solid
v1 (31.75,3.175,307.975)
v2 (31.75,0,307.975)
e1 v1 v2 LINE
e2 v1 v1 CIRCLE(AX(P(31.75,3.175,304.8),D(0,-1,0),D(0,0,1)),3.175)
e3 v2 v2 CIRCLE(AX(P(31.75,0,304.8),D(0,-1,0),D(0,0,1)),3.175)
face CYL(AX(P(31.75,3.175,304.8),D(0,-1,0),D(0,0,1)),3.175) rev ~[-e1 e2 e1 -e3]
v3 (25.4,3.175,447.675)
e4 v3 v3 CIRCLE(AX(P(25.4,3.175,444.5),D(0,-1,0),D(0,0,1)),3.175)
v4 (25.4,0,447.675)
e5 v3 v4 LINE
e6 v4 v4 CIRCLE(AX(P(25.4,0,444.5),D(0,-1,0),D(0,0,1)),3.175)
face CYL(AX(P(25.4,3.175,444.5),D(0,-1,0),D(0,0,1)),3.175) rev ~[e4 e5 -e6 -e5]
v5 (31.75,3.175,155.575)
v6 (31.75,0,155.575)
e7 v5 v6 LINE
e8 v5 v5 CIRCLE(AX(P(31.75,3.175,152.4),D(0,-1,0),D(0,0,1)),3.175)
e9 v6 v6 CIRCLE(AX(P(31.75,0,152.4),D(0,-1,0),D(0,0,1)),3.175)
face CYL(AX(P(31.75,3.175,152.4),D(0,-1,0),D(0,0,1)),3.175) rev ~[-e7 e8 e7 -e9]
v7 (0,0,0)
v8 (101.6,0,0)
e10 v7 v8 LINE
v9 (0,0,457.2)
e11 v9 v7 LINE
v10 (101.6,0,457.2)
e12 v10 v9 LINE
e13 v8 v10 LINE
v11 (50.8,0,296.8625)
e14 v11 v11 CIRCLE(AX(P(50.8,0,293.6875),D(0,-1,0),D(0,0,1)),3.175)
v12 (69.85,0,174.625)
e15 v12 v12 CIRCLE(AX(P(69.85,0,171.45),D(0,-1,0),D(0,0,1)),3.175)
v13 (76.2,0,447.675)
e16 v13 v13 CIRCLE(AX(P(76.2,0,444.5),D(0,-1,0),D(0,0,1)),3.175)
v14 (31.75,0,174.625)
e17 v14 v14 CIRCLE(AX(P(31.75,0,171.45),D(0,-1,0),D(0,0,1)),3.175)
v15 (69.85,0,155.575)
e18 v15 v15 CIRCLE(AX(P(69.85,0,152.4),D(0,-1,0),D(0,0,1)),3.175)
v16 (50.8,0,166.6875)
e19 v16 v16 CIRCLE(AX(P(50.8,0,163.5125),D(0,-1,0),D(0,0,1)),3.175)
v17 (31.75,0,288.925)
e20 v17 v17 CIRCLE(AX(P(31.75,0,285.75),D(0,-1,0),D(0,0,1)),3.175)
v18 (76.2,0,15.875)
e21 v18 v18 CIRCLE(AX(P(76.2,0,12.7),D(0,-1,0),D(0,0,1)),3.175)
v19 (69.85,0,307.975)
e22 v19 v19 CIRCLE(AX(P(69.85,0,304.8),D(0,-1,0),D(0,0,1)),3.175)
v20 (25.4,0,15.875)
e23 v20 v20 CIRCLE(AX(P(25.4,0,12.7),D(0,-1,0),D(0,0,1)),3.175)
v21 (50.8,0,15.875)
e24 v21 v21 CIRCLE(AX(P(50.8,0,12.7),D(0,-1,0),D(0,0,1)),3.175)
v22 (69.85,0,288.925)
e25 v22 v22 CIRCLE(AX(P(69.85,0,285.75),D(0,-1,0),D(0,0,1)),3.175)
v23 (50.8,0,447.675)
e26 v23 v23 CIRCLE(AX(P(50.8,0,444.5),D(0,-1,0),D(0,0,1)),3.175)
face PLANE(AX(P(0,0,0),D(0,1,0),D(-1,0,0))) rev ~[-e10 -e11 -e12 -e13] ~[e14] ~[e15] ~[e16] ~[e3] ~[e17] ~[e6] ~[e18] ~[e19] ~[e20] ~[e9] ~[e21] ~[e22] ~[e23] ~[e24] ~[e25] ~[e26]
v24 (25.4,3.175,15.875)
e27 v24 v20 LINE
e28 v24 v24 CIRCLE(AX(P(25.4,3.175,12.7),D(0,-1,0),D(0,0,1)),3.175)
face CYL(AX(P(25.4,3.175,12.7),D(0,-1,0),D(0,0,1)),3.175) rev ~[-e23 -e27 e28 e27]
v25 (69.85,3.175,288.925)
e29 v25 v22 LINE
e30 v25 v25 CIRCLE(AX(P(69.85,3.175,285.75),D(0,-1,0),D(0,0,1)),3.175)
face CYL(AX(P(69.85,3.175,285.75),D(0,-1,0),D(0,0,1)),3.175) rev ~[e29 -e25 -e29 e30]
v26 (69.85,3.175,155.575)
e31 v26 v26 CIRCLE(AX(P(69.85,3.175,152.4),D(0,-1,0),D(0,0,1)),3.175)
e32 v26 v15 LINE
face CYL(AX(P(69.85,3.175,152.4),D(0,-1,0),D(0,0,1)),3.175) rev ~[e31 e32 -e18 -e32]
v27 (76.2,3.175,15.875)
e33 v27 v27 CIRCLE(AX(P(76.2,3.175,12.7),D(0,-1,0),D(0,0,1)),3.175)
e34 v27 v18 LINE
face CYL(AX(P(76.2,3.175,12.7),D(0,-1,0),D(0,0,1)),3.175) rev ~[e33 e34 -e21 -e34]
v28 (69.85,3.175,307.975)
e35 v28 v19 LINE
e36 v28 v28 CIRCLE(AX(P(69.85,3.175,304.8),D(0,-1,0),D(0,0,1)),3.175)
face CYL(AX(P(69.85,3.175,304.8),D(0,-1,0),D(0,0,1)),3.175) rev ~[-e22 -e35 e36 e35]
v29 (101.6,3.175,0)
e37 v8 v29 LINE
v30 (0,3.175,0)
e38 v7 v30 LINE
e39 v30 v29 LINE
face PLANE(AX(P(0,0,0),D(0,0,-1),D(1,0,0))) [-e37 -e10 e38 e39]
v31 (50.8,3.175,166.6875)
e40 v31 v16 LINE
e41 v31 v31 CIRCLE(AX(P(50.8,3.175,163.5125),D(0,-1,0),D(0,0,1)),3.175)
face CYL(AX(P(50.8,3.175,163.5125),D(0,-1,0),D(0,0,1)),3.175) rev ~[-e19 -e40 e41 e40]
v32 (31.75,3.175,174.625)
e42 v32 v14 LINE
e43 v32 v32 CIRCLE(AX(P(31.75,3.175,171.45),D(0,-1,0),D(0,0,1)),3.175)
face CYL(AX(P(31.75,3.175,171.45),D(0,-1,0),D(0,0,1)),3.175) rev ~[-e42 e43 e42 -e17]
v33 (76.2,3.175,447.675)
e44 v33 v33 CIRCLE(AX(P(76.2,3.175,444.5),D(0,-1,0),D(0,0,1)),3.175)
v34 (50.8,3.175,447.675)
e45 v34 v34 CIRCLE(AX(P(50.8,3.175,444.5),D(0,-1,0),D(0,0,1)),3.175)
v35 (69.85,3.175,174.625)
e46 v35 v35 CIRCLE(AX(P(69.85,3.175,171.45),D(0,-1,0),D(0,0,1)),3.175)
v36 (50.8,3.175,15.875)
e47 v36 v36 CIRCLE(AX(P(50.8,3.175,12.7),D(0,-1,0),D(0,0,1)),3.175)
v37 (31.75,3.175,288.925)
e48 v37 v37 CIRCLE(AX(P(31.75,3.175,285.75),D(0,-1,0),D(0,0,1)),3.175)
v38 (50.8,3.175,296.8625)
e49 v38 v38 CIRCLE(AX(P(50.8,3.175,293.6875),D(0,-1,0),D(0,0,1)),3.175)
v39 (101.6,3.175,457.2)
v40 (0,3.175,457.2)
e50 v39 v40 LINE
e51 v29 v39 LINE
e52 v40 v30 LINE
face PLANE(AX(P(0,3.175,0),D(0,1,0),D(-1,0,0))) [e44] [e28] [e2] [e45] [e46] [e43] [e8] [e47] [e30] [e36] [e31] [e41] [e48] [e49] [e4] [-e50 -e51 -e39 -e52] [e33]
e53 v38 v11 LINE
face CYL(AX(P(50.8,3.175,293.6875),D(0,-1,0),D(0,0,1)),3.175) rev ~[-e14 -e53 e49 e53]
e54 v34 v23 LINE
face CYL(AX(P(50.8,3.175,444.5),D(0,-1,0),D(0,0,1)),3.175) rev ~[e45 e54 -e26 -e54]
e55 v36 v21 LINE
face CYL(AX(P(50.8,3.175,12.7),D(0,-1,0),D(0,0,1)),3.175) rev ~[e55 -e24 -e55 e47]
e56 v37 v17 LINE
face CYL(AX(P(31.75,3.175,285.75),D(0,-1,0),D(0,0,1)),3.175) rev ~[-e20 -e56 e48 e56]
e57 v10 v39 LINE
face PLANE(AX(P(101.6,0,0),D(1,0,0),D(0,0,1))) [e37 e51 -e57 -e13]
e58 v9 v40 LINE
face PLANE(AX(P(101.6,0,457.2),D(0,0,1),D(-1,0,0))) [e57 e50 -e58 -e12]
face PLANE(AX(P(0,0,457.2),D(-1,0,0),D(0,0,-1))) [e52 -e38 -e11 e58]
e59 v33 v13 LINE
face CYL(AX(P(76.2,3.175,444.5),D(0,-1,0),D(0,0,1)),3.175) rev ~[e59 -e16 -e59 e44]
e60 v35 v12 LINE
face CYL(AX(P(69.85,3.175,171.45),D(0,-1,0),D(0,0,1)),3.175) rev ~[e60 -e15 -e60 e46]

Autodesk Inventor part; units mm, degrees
ref_plane "YZ Plane" through (0, 0, 0) normal (1, 0, 0) x (0, 1, 0)
ref_plane "XZ Plane" through (0, 0, 0) normal (0, 1, 0) x (-1, 0, 0)
ref_plane "XY Plane" through (0, 0, 0) normal (0, 0, 1) x (1, 0, 0)
sketch "Sketch1" plane through (0, 0, 0) normal (0, 1, 0) x (-1, 0, 0)
  line L0 (0, 0) -> (-101.6, 0)
  line L1 (-101.6, 0) -> (-101.6, 457.2)
  line L2 (-101.6, 457.2) -> (0, 457.2)
  line L3 (0, 457.2) -> (0, 0)
  point P0 (-50.8, 228.6)
  dimension "d0" = 101.6
  dimension "d1" = 457.2
  dimension "d25" = 50.8
  dimension "d26" = 228.6
extrude "Extrusion1" add sketch "Sketch1" along normal blind 3.175
sketch "Sketch2" plane through (0, 3.175, 0) normal (0, 1, 0) x (1, 0, 0)
  line L0 (101.6, -457.2) -> (101.6, 0) projected
  line L1 (101.6, -457.2) -> (0, -457.2) projected
  line L2 (101.6, 0) -> (0, 0) projected
  point P0 (25.4, -12.7)
  point P1 (50.8, -12.7)
  point P2 (76.2, -12.7)
  point P3 (25.4, -444.5)
  point P4 (76.2, -444.5)
  point P5 (50.8, -444.5)
  dimension "d60" = 25.4
  dimension "d61" = 25.4
  dimension "d62" = 25.4
  dimension "d63" = 76.2
  dimension "d64" = 25.4
  dimension "d65" = 50.8
  dimension "d66" = 12.7
  dimension "d67" = 12.7
  dimension "d68" = 12.7
  dimension "d69" = 12.7
  dimension "d70" = 12.7
  dimension "d71" = 12.7
hole "Hole6" at (25.4, 3.175, 12.7) at (50.8, 3.175, 12.7) at (76.2, 3.175, 12.7) at (25.4, 3.175, 444.5) at (76.2, 3.175, 444.5) at (50.8, 3.175, 444.5) direction (0, -1, 0) diameter 6.35 end through all
sketch "Sketch3" plane through (0, 3.175, 0) normal (0, 1, 0) x (1, 0, 0)
  line L0 (0, 0) -> (0, -457.2) projected
  line L1 (101.6, -457.2) -> (101.6, 0) projected
  line L2 (101.6, 0) -> (0, 0) projected
  line L3 (0, -228.6) -> (101.6, -228.6)
  line L4 (101.6, 0) -> (101.6, -457.2) projected
  point P0 (69.85, -152.4)
  point P1 (31.75, -152.4)
  point P2 (31.75, -171.45)
  point P3 (69.85, -171.45)
  point P4 (69.85, -152.4)
  point P5 (31.75, -304.8)
  point P6 (31.75, -285.75)
  point P7 (69.85, -285.75)
  point P8 (69.85, -304.8)
  dimension "d79" = 38.1
  dimension "d80" = 19.05
  dimension "d81" = 31.75
  dimension "d82" = 31.75
  dimension "d83" = 152.4
  dimension "d84" = 19.05
  dimension "d85" = 38.1
  dimension "d86" = 152.4
hole "Hole7" at (69.85, 3.175, 152.4) at (31.75, 3.175, 152.4) at (31.75, 3.175, 171.45) at (69.85, 3.175, 171.45) at (31.75, 3.175, 285.75) at (31.75, 3.175, 304.8) at (69.85, 3.175, 304.8) at (69.85, 3.175, 285.75) direction (0, -1, 0) diameter 6.35 end through all
sketch "Sketch4" plane through (0, 3.175, 0) normal (0, 1, 0) x (1, 0, 0)
  line L0 (0, 0) -> (0, -457.2) projected
  line L1 (101.6, 0) -> (0, 0) projected
  point P0 (50.8, -163.5125)
  point P1 (50.8, -293.6875)
  dimension "d94" = 130.175
  dimension "d95" = 50.8
  dimension "d96" = 50.8
  dimension "d97" = 163.5125
hole "Hole8" at (50.8, 3.175, 163.5125) at (50.8, 3.175, 293.6875) direction (0, -1, 0) diameter 6.35 end through all
properties part number "Claw Plate"
